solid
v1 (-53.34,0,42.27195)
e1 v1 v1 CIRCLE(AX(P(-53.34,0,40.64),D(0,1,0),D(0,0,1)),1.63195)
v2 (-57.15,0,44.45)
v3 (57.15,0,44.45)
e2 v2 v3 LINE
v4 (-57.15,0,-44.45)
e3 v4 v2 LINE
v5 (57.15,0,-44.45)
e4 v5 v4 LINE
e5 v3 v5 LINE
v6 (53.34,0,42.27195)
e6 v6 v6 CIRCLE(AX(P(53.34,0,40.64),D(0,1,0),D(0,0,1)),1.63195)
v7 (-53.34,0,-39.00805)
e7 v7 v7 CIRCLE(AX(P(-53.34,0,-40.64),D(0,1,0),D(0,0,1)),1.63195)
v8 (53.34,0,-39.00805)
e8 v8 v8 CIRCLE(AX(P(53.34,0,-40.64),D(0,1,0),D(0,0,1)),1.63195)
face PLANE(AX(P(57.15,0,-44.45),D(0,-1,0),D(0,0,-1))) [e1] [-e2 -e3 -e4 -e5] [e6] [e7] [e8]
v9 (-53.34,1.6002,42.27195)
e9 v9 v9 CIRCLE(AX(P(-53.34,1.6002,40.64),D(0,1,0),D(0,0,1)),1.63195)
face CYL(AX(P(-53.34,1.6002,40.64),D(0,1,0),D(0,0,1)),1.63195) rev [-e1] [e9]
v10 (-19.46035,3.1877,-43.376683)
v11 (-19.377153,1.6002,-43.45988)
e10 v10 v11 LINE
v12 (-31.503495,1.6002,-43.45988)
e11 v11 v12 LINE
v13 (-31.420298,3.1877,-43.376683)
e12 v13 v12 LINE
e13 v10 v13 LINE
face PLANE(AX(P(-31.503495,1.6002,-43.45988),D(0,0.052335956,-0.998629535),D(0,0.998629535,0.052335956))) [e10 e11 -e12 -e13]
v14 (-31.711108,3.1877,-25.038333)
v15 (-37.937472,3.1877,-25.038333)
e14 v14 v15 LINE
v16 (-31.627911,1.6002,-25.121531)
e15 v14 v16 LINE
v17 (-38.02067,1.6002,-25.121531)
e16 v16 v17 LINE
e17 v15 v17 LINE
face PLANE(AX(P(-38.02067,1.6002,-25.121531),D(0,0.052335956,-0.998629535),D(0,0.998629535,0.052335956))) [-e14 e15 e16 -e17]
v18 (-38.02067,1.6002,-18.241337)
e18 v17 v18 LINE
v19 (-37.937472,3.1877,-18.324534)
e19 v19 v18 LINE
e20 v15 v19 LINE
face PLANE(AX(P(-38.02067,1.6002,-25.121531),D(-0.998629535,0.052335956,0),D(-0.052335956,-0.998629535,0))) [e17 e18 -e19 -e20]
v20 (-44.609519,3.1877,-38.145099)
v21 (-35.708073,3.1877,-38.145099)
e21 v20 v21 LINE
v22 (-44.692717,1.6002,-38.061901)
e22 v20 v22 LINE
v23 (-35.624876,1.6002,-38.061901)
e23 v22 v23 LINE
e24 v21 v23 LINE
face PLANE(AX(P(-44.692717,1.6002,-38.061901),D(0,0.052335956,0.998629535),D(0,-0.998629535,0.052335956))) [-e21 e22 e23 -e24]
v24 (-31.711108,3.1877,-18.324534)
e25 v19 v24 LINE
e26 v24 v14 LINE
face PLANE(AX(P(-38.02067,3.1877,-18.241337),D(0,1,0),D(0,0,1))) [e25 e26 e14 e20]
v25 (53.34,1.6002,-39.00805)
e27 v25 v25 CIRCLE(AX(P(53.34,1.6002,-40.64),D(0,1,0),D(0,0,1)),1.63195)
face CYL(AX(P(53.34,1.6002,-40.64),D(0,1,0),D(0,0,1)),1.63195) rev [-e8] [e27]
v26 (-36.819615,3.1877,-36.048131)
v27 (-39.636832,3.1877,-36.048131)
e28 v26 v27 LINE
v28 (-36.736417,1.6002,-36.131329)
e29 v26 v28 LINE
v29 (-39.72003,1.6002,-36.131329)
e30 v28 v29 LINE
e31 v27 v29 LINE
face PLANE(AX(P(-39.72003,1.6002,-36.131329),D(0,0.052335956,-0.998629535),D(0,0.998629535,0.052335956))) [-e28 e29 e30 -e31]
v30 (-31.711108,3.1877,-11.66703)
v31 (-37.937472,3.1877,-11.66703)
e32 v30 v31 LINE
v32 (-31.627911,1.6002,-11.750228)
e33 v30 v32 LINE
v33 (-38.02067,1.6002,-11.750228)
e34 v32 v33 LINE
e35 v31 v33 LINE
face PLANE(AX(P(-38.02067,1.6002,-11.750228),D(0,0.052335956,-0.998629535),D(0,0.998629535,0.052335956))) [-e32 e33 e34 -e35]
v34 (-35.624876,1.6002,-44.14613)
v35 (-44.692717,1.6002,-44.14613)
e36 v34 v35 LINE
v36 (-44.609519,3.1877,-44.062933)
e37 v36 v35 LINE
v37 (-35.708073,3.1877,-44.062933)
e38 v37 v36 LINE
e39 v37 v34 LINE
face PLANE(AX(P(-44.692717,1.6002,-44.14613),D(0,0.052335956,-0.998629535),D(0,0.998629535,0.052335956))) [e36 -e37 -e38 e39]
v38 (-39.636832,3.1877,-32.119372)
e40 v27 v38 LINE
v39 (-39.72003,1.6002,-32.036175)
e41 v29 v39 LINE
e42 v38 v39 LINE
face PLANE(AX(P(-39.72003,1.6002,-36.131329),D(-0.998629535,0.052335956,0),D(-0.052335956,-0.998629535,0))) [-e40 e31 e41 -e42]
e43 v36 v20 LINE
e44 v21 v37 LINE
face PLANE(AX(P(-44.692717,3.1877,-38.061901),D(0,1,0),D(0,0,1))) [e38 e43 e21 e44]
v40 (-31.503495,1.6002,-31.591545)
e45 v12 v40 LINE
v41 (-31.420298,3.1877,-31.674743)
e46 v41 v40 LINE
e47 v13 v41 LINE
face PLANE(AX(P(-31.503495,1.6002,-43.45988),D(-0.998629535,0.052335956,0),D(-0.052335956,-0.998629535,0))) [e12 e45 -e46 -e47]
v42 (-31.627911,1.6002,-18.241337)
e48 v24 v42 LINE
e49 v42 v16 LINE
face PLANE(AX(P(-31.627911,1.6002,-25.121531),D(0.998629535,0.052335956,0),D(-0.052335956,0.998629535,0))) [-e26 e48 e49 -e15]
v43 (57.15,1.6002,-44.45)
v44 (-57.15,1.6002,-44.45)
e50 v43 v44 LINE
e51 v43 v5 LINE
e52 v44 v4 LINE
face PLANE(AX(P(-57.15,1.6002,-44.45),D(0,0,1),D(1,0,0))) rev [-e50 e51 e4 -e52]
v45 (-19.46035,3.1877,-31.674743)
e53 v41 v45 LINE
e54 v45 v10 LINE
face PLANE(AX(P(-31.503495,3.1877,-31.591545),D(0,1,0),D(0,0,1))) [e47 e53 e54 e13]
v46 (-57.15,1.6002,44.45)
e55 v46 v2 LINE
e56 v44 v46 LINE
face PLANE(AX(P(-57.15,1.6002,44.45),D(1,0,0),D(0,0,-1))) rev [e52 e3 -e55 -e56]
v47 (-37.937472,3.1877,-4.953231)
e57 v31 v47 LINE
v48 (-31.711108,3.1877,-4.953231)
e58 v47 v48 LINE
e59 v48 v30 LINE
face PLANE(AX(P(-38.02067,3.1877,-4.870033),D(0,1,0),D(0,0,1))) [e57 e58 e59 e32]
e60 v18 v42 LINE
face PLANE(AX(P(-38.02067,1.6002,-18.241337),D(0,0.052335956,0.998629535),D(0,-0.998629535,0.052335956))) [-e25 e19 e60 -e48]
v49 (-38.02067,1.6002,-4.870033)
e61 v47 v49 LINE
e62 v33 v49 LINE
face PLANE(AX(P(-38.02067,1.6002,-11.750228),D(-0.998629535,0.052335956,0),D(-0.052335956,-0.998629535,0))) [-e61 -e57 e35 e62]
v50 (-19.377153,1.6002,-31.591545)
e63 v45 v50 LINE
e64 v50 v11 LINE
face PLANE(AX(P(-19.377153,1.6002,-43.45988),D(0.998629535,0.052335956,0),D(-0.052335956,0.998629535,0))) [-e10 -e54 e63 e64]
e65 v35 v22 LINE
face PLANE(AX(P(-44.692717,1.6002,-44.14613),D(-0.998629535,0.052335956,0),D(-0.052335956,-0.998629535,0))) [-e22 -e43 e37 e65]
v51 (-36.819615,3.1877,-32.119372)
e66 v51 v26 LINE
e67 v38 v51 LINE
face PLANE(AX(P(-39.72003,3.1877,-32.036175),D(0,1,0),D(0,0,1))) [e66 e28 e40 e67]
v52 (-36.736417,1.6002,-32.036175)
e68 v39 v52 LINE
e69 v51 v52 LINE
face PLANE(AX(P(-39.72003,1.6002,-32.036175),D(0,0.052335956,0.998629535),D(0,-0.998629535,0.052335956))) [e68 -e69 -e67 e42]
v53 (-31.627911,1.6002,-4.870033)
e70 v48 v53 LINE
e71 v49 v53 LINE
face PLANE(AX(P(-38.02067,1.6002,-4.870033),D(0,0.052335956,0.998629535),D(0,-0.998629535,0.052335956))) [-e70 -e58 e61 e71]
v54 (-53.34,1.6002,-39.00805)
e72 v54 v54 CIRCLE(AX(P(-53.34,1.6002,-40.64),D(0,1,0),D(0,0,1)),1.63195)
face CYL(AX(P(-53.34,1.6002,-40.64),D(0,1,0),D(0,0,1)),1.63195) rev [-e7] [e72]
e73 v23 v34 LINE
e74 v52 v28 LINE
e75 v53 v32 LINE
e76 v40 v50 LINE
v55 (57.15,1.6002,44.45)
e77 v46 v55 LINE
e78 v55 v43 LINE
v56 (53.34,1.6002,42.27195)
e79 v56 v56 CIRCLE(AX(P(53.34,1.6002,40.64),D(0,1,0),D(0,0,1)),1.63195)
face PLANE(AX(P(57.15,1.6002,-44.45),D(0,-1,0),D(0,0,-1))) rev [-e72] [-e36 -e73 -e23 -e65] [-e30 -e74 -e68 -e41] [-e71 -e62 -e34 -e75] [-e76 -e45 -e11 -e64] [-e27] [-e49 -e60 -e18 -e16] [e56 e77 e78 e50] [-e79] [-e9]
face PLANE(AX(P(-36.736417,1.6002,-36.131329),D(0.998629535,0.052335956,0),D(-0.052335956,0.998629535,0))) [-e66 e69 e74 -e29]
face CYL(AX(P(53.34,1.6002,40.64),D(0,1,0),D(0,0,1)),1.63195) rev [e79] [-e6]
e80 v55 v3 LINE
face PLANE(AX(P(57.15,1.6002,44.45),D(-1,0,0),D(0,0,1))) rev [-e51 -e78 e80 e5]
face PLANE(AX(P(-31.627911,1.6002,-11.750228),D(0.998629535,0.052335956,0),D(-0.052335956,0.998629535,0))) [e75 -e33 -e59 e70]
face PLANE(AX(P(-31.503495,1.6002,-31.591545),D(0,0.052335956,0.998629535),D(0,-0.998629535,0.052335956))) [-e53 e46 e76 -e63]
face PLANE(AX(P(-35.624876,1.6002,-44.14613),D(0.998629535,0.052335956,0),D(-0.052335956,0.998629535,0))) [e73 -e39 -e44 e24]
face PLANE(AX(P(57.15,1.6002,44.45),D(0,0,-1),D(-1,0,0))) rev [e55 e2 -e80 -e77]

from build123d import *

# Parameters (mm, degrees)
EXTRUDE1_DEPTH        = 1.6002
F_4_CLEARANCE_HOLE1_D = 3.2639
SKETCH5_W             = 6.392759032
SKETCH5_H             = 6.880194124
SKETCH5_W_2           = 9.067841131
SKETCH5_H_2           = 6.084228887
SKETCH5_H_3           = 6.880194125
SKETCH5_W_3           = 12.126342144
SKETCH5_H_4           = 11.868334865
SKETCH5_W_4           = 2.983612243
SKETCH5_H_5           = 4.095154059
BOSS_EXTRUDE1_DEPTH   = 1.5875
BOSS_EXTRUDE1_TAPER   = 3


with BuildPart() as part:
    # Sketch1 → Extrude1 (new body)
    with BuildSketch(Plane(origin=(0, 0, 0), x_dir=(1, 0, 0), z_dir=(0, 1, 0))):
        Polygon((-55.88, -44.45), (49.53, -44.45), (57.15, -44.45), (57.15, -6.35), (57.15, 44.45), (-57.15, 44.45), (-57.15, -6.35), (-57.15, -44.45), align=None)
    extrude(amount=EXTRUDE1_DEPTH)

    # #4 Clearance Hole1 (through all)
    with Locations(Plane(origin=(0, 1.6002, 0), x_dir=(-1, 0, 0), z_dir=(0, 1, 0))):
        with Locations((53.34, -40.64), (-53.34, -40.64), (-53.34, 40.64), (53.34, 40.64)):
            Hole(F_4_CLEARANCE_HOLE1_D / 2)

    # Sketch5 → Boss-Extrude1 (add)
    with BuildSketch(Plane(origin=(0, 1.6002, 0), x_dir=(1, 0, 0), z_dir=(0, 1, 0))):
        with Locations((-34.824290025, 21.681433757)):
            Rectangle(SKETCH5_W, SKETCH5_H)
        with Locations((-40.158796151, 41.104015903)):
            Rectangle(SKETCH5_W_2, SKETCH5_H_2)
        with Locations((-34.824290025, 8.310130462)):
            Rectangle(SKETCH5_W, SKETCH5_H_3)
        with Locations((-25.440323861, 37.525712701)):
            Rectangle(SKETCH5_W_3, SKETCH5_H_4)
        with Locations((-38.228223524, 34.083751803)):
            Rectangle(SKETCH5_W_4, SKETCH5_H_5)
    extrude(amount=BOSS_EXTRUDE1_DEPTH, taper=BOSS_EXTRUDE1_TAPER)


solid = part.part
